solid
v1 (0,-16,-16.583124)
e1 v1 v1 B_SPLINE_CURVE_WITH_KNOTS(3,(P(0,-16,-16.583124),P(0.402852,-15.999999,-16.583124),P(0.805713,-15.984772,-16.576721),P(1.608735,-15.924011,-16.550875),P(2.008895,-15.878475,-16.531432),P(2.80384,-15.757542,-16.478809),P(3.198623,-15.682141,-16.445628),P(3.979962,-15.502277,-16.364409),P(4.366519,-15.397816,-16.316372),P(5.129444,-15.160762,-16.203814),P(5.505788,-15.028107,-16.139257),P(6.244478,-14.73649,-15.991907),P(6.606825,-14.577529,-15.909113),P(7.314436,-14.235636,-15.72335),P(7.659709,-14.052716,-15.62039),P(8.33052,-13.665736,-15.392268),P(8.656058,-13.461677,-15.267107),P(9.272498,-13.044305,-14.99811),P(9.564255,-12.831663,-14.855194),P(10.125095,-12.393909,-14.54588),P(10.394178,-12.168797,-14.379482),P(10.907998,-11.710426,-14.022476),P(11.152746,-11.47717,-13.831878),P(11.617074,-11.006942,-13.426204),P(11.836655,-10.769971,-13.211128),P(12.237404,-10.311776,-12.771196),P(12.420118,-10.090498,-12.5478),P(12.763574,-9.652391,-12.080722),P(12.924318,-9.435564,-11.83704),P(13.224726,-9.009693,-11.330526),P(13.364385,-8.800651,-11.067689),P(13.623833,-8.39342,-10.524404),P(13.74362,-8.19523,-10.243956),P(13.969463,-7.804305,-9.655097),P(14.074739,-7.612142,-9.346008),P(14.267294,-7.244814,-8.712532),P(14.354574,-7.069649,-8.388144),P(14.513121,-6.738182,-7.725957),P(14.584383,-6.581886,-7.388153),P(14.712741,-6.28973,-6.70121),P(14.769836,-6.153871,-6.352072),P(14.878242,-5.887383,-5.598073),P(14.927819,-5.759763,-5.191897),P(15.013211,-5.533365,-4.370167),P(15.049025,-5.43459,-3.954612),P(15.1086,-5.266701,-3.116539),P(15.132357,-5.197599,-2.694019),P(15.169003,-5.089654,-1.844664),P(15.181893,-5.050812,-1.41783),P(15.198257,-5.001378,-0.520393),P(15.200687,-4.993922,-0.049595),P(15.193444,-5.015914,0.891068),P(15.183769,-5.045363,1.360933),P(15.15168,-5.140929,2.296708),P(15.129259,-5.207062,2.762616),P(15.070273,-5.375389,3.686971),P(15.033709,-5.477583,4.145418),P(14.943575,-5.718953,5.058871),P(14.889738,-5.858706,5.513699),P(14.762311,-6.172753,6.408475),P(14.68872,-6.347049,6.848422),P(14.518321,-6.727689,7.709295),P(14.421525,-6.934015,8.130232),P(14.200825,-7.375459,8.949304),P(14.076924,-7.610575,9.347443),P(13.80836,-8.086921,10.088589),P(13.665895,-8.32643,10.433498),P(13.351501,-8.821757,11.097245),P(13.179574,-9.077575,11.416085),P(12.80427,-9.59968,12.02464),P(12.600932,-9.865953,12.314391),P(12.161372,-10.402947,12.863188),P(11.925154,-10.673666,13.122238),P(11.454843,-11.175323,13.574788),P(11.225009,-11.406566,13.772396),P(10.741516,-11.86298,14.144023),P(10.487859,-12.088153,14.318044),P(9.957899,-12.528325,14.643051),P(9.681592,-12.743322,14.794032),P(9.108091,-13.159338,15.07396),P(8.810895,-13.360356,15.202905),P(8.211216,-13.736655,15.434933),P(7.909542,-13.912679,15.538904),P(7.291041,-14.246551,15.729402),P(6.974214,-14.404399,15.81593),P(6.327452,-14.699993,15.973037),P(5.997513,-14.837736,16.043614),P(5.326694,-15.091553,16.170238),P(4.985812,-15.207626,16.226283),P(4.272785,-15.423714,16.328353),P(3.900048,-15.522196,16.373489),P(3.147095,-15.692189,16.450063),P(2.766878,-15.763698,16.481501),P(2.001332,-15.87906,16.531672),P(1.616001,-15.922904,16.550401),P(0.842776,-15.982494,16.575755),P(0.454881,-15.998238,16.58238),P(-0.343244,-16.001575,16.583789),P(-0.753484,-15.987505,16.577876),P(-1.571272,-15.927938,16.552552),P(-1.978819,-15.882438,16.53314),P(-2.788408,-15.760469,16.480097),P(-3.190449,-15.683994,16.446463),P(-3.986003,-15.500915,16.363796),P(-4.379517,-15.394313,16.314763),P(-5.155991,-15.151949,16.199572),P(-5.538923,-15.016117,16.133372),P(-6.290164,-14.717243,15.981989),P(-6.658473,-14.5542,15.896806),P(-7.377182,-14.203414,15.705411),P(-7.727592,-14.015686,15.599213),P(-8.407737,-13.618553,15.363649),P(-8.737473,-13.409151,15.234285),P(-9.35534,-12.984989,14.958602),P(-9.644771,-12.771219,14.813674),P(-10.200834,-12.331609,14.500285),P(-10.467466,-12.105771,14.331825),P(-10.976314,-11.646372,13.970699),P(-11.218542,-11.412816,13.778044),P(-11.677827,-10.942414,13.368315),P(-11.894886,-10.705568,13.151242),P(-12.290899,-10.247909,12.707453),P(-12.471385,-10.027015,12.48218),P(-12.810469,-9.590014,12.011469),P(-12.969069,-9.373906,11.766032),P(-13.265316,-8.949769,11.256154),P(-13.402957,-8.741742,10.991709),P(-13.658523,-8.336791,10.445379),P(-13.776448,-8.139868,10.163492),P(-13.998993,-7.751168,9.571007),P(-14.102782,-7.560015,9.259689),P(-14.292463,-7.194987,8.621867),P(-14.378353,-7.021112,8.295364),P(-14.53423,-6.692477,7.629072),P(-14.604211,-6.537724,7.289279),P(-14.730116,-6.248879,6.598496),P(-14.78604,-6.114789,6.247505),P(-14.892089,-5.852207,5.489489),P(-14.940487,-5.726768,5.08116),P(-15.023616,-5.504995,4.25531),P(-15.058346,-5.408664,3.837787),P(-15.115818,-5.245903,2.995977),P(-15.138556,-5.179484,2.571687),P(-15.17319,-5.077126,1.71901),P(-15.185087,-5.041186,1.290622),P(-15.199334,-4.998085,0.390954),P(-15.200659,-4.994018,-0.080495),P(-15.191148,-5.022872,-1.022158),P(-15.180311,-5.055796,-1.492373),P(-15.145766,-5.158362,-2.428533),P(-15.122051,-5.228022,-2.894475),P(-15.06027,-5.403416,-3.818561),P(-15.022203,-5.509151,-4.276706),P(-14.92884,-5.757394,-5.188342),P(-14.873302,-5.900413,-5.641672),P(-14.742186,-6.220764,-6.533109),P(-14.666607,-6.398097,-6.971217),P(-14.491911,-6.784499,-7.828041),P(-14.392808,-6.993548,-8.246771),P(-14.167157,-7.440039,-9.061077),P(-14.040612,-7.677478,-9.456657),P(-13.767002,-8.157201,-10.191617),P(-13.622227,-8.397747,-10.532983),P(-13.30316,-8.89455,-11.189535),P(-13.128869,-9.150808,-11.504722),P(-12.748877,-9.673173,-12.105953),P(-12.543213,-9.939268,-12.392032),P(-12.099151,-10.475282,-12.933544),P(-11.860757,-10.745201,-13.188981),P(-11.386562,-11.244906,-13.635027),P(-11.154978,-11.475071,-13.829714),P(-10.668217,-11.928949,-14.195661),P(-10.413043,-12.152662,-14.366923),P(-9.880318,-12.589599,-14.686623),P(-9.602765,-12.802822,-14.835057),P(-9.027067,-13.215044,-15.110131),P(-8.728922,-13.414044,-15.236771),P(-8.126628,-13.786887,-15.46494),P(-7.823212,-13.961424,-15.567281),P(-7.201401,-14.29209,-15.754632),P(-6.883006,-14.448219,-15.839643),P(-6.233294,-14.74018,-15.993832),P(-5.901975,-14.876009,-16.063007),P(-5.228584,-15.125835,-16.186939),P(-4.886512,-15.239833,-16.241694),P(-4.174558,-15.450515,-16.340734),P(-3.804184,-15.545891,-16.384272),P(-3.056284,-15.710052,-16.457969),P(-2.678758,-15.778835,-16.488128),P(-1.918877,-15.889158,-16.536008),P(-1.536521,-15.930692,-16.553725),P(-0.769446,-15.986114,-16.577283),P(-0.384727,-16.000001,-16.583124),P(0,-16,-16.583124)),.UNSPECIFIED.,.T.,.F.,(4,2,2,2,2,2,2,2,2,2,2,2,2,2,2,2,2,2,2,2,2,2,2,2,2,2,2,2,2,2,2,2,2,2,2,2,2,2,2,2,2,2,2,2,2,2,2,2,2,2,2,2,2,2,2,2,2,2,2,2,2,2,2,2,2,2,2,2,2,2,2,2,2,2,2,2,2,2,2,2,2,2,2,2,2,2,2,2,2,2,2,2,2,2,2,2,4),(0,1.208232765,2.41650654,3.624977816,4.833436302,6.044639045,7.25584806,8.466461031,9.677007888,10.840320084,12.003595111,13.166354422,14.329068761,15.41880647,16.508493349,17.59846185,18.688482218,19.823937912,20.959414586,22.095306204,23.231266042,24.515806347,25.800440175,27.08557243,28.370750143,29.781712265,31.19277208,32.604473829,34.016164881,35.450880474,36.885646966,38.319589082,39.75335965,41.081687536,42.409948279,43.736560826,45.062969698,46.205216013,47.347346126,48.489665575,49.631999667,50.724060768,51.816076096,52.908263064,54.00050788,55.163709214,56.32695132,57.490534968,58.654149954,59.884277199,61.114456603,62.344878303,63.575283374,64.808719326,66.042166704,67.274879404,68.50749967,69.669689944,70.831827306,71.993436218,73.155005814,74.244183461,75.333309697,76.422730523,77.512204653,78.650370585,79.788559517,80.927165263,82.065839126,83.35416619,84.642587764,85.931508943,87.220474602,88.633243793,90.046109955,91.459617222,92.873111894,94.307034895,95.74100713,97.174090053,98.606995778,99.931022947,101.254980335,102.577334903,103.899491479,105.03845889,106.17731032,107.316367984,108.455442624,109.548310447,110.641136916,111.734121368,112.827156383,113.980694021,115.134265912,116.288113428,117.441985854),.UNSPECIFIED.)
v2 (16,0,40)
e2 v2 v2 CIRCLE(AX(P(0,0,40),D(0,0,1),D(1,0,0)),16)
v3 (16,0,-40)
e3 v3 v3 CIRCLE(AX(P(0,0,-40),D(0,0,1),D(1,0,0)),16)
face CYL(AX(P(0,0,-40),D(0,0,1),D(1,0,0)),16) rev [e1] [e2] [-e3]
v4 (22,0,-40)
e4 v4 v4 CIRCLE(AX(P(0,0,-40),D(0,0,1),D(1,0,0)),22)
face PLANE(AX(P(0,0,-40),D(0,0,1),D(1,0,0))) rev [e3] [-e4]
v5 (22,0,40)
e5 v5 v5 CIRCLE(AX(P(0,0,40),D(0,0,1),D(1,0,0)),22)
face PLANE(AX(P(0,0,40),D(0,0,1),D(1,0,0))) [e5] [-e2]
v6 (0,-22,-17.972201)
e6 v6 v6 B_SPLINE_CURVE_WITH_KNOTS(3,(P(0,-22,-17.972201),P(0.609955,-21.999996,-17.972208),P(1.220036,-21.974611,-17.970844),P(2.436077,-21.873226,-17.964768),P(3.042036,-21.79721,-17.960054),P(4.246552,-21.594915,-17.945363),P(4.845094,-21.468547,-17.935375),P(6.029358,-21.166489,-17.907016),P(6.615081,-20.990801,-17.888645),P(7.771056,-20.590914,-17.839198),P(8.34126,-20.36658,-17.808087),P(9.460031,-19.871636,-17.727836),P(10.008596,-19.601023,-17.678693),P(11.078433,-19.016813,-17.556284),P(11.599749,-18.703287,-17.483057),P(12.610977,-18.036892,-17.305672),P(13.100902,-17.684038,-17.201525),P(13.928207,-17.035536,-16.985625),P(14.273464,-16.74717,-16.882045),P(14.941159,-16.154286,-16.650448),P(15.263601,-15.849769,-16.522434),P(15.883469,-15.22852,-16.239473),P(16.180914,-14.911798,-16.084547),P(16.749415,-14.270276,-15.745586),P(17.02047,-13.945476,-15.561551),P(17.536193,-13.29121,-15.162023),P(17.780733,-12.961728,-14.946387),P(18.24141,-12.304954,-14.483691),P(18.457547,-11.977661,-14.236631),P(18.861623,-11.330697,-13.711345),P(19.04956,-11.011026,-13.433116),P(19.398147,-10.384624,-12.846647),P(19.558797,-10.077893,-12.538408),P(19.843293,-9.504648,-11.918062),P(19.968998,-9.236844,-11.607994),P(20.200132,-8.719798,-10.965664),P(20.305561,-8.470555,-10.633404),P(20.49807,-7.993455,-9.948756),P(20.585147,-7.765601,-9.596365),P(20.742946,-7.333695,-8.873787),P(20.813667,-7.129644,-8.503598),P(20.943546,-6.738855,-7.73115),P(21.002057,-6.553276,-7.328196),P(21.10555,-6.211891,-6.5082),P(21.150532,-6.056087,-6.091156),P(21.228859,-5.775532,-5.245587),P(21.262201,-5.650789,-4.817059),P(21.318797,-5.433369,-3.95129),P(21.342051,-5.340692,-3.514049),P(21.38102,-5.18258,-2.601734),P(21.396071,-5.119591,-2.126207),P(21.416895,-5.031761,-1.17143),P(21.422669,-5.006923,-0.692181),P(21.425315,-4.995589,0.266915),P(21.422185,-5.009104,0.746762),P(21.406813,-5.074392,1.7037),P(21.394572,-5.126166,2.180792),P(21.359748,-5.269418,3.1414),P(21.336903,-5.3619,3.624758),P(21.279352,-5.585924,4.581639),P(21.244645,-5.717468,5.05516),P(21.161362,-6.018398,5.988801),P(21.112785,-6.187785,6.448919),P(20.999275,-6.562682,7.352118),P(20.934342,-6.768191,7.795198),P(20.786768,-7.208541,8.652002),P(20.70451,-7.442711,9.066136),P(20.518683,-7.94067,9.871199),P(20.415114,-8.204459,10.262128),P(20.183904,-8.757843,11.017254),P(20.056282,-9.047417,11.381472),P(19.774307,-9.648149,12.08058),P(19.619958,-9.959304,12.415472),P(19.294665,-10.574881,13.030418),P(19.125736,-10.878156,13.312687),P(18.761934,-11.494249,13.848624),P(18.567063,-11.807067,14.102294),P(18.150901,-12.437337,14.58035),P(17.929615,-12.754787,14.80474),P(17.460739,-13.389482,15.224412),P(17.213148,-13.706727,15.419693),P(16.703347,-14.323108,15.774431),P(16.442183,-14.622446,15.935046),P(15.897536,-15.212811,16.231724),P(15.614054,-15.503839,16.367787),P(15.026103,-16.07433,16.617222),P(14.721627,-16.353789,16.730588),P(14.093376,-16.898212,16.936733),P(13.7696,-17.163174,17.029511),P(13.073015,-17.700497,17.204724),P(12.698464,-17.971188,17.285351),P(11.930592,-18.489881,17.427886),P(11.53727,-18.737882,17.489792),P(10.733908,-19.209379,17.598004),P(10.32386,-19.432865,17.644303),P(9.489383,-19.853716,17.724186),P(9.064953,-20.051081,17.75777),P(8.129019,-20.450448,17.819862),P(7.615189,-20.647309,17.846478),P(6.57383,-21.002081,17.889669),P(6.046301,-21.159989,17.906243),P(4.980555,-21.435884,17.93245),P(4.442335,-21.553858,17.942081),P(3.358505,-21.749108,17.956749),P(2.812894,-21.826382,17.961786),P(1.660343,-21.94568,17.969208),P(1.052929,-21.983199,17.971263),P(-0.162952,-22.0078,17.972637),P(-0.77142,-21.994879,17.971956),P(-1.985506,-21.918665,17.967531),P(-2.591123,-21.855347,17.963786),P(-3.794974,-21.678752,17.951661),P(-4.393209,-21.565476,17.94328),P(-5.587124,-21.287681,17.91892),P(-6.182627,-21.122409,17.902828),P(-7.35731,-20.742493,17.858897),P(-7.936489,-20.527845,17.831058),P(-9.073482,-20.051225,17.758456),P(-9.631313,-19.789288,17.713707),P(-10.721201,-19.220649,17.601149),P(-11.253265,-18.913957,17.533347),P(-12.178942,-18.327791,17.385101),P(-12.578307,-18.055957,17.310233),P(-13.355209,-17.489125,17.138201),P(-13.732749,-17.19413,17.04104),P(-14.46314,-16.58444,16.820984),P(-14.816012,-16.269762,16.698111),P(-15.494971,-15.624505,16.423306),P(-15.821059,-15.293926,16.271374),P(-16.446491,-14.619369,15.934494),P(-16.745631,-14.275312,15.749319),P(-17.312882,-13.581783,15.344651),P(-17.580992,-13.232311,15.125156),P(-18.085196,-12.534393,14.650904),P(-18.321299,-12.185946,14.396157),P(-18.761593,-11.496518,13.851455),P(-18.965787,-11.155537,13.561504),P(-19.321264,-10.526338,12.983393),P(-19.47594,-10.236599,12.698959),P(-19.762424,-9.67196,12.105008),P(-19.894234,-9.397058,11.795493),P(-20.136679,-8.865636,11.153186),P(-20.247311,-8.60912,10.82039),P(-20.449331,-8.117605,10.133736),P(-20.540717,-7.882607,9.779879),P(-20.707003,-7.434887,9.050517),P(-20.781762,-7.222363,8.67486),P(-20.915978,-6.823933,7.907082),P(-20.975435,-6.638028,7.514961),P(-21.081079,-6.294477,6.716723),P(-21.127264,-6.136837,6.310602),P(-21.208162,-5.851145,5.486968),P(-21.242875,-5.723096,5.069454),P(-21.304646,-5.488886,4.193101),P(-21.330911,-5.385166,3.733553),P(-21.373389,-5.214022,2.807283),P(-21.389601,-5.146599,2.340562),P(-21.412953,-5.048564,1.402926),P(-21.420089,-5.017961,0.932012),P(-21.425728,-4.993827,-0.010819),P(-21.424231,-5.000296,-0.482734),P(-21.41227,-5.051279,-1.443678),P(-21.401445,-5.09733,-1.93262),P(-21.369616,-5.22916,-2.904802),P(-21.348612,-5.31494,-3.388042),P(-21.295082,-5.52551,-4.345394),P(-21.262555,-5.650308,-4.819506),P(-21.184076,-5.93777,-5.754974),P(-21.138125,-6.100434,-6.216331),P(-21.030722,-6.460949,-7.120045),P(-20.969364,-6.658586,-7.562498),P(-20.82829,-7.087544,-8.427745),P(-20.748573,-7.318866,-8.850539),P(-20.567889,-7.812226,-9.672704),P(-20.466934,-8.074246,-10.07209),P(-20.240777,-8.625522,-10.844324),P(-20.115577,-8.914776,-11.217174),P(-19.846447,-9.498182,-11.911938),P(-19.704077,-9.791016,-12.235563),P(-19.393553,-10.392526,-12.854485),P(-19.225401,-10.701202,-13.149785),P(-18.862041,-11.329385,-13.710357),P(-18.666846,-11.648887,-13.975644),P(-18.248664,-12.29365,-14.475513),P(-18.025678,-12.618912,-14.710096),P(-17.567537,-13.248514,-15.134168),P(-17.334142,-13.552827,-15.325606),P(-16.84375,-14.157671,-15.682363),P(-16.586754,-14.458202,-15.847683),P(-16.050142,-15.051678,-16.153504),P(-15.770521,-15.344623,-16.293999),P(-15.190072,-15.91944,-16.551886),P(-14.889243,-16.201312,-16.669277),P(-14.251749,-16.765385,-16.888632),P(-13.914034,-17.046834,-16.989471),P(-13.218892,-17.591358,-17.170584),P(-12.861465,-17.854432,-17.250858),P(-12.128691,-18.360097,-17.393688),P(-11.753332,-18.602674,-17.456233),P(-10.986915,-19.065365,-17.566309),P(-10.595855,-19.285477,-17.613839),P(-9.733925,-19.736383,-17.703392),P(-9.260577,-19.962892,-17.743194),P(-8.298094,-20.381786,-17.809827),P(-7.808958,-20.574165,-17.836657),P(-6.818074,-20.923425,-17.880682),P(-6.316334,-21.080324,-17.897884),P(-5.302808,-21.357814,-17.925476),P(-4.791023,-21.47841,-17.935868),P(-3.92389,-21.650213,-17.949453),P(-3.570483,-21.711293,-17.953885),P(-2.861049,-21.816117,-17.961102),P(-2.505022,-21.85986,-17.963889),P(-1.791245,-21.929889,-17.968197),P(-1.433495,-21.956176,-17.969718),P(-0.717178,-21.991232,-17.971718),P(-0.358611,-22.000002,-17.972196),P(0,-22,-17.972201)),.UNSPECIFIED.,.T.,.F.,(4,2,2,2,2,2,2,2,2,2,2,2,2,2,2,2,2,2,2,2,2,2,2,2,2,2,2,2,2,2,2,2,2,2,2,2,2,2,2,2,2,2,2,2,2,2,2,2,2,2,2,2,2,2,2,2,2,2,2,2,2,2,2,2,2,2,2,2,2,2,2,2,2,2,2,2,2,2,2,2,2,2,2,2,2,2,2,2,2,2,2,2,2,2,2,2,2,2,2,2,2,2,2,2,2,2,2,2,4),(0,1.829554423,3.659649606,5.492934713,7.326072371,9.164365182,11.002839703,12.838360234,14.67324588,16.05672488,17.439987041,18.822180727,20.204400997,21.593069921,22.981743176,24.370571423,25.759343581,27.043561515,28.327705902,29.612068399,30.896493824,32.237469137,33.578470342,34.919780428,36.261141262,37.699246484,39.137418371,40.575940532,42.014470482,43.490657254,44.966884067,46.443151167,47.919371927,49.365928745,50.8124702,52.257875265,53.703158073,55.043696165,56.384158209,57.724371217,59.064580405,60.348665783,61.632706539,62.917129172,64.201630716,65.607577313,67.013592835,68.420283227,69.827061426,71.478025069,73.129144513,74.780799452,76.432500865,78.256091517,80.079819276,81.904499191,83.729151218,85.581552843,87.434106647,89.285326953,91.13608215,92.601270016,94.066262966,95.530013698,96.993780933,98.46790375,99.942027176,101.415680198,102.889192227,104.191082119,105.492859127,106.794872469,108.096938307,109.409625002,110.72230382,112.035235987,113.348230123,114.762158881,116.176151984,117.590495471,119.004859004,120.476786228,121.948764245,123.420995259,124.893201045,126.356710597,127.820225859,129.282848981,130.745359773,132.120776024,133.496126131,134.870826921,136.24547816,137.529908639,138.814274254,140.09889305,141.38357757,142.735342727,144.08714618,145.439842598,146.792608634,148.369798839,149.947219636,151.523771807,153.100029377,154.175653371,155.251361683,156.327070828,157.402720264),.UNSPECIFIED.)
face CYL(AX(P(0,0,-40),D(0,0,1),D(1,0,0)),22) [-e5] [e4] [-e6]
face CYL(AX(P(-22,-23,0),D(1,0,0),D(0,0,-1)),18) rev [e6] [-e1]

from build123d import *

# Parameters (mm, degrees)
BOSS_EXTRUDE1_DEPTH      = 40
BOSS_EXTRUDE1_DEPTH_BACK = 40
SKETCH1_R                = 22
SKETCH1_R_2              = 16
CUT_EXTRUDE1_DEPTH       = 51.675437837
CUT_EXTRUDE1_DEPTH_BACK  = 51.675437837
SKETCH2_R                = 18


with BuildPart() as part:
    # Sketch1 → Boss-Extrude1 (new, two sides: drawn at the far end of the back side and taken through both)
    with BuildSketch(Plane.XY.offset(-BOSS_EXTRUDE1_DEPTH_BACK)):
        Circle(SKETCH1_R)
        Circle(SKETCH1_R_2, mode=Mode.SUBTRACT)
    extrude(amount=BOSS_EXTRUDE1_DEPTH + BOSS_EXTRUDE1_DEPTH_BACK)

    # Sketch2 → Cut-Extrude1 (cut, two sides: drawn at the far end of the back side and taken through both)
    with BuildSketch(Plane(origin=(0, 0, 0), x_dir=(0, 0, -1), z_dir=(1, 0, 0)).offset(-CUT_EXTRUDE1_DEPTH_BACK)):
        with Locations((0, -23)):
            Circle(SKETCH2_R)
    extrude(amount=CUT_EXTRUDE1_DEPTH + CUT_EXTRUDE1_DEPTH_BACK, mode=Mode.SUBTRACT)


solid = part.part
